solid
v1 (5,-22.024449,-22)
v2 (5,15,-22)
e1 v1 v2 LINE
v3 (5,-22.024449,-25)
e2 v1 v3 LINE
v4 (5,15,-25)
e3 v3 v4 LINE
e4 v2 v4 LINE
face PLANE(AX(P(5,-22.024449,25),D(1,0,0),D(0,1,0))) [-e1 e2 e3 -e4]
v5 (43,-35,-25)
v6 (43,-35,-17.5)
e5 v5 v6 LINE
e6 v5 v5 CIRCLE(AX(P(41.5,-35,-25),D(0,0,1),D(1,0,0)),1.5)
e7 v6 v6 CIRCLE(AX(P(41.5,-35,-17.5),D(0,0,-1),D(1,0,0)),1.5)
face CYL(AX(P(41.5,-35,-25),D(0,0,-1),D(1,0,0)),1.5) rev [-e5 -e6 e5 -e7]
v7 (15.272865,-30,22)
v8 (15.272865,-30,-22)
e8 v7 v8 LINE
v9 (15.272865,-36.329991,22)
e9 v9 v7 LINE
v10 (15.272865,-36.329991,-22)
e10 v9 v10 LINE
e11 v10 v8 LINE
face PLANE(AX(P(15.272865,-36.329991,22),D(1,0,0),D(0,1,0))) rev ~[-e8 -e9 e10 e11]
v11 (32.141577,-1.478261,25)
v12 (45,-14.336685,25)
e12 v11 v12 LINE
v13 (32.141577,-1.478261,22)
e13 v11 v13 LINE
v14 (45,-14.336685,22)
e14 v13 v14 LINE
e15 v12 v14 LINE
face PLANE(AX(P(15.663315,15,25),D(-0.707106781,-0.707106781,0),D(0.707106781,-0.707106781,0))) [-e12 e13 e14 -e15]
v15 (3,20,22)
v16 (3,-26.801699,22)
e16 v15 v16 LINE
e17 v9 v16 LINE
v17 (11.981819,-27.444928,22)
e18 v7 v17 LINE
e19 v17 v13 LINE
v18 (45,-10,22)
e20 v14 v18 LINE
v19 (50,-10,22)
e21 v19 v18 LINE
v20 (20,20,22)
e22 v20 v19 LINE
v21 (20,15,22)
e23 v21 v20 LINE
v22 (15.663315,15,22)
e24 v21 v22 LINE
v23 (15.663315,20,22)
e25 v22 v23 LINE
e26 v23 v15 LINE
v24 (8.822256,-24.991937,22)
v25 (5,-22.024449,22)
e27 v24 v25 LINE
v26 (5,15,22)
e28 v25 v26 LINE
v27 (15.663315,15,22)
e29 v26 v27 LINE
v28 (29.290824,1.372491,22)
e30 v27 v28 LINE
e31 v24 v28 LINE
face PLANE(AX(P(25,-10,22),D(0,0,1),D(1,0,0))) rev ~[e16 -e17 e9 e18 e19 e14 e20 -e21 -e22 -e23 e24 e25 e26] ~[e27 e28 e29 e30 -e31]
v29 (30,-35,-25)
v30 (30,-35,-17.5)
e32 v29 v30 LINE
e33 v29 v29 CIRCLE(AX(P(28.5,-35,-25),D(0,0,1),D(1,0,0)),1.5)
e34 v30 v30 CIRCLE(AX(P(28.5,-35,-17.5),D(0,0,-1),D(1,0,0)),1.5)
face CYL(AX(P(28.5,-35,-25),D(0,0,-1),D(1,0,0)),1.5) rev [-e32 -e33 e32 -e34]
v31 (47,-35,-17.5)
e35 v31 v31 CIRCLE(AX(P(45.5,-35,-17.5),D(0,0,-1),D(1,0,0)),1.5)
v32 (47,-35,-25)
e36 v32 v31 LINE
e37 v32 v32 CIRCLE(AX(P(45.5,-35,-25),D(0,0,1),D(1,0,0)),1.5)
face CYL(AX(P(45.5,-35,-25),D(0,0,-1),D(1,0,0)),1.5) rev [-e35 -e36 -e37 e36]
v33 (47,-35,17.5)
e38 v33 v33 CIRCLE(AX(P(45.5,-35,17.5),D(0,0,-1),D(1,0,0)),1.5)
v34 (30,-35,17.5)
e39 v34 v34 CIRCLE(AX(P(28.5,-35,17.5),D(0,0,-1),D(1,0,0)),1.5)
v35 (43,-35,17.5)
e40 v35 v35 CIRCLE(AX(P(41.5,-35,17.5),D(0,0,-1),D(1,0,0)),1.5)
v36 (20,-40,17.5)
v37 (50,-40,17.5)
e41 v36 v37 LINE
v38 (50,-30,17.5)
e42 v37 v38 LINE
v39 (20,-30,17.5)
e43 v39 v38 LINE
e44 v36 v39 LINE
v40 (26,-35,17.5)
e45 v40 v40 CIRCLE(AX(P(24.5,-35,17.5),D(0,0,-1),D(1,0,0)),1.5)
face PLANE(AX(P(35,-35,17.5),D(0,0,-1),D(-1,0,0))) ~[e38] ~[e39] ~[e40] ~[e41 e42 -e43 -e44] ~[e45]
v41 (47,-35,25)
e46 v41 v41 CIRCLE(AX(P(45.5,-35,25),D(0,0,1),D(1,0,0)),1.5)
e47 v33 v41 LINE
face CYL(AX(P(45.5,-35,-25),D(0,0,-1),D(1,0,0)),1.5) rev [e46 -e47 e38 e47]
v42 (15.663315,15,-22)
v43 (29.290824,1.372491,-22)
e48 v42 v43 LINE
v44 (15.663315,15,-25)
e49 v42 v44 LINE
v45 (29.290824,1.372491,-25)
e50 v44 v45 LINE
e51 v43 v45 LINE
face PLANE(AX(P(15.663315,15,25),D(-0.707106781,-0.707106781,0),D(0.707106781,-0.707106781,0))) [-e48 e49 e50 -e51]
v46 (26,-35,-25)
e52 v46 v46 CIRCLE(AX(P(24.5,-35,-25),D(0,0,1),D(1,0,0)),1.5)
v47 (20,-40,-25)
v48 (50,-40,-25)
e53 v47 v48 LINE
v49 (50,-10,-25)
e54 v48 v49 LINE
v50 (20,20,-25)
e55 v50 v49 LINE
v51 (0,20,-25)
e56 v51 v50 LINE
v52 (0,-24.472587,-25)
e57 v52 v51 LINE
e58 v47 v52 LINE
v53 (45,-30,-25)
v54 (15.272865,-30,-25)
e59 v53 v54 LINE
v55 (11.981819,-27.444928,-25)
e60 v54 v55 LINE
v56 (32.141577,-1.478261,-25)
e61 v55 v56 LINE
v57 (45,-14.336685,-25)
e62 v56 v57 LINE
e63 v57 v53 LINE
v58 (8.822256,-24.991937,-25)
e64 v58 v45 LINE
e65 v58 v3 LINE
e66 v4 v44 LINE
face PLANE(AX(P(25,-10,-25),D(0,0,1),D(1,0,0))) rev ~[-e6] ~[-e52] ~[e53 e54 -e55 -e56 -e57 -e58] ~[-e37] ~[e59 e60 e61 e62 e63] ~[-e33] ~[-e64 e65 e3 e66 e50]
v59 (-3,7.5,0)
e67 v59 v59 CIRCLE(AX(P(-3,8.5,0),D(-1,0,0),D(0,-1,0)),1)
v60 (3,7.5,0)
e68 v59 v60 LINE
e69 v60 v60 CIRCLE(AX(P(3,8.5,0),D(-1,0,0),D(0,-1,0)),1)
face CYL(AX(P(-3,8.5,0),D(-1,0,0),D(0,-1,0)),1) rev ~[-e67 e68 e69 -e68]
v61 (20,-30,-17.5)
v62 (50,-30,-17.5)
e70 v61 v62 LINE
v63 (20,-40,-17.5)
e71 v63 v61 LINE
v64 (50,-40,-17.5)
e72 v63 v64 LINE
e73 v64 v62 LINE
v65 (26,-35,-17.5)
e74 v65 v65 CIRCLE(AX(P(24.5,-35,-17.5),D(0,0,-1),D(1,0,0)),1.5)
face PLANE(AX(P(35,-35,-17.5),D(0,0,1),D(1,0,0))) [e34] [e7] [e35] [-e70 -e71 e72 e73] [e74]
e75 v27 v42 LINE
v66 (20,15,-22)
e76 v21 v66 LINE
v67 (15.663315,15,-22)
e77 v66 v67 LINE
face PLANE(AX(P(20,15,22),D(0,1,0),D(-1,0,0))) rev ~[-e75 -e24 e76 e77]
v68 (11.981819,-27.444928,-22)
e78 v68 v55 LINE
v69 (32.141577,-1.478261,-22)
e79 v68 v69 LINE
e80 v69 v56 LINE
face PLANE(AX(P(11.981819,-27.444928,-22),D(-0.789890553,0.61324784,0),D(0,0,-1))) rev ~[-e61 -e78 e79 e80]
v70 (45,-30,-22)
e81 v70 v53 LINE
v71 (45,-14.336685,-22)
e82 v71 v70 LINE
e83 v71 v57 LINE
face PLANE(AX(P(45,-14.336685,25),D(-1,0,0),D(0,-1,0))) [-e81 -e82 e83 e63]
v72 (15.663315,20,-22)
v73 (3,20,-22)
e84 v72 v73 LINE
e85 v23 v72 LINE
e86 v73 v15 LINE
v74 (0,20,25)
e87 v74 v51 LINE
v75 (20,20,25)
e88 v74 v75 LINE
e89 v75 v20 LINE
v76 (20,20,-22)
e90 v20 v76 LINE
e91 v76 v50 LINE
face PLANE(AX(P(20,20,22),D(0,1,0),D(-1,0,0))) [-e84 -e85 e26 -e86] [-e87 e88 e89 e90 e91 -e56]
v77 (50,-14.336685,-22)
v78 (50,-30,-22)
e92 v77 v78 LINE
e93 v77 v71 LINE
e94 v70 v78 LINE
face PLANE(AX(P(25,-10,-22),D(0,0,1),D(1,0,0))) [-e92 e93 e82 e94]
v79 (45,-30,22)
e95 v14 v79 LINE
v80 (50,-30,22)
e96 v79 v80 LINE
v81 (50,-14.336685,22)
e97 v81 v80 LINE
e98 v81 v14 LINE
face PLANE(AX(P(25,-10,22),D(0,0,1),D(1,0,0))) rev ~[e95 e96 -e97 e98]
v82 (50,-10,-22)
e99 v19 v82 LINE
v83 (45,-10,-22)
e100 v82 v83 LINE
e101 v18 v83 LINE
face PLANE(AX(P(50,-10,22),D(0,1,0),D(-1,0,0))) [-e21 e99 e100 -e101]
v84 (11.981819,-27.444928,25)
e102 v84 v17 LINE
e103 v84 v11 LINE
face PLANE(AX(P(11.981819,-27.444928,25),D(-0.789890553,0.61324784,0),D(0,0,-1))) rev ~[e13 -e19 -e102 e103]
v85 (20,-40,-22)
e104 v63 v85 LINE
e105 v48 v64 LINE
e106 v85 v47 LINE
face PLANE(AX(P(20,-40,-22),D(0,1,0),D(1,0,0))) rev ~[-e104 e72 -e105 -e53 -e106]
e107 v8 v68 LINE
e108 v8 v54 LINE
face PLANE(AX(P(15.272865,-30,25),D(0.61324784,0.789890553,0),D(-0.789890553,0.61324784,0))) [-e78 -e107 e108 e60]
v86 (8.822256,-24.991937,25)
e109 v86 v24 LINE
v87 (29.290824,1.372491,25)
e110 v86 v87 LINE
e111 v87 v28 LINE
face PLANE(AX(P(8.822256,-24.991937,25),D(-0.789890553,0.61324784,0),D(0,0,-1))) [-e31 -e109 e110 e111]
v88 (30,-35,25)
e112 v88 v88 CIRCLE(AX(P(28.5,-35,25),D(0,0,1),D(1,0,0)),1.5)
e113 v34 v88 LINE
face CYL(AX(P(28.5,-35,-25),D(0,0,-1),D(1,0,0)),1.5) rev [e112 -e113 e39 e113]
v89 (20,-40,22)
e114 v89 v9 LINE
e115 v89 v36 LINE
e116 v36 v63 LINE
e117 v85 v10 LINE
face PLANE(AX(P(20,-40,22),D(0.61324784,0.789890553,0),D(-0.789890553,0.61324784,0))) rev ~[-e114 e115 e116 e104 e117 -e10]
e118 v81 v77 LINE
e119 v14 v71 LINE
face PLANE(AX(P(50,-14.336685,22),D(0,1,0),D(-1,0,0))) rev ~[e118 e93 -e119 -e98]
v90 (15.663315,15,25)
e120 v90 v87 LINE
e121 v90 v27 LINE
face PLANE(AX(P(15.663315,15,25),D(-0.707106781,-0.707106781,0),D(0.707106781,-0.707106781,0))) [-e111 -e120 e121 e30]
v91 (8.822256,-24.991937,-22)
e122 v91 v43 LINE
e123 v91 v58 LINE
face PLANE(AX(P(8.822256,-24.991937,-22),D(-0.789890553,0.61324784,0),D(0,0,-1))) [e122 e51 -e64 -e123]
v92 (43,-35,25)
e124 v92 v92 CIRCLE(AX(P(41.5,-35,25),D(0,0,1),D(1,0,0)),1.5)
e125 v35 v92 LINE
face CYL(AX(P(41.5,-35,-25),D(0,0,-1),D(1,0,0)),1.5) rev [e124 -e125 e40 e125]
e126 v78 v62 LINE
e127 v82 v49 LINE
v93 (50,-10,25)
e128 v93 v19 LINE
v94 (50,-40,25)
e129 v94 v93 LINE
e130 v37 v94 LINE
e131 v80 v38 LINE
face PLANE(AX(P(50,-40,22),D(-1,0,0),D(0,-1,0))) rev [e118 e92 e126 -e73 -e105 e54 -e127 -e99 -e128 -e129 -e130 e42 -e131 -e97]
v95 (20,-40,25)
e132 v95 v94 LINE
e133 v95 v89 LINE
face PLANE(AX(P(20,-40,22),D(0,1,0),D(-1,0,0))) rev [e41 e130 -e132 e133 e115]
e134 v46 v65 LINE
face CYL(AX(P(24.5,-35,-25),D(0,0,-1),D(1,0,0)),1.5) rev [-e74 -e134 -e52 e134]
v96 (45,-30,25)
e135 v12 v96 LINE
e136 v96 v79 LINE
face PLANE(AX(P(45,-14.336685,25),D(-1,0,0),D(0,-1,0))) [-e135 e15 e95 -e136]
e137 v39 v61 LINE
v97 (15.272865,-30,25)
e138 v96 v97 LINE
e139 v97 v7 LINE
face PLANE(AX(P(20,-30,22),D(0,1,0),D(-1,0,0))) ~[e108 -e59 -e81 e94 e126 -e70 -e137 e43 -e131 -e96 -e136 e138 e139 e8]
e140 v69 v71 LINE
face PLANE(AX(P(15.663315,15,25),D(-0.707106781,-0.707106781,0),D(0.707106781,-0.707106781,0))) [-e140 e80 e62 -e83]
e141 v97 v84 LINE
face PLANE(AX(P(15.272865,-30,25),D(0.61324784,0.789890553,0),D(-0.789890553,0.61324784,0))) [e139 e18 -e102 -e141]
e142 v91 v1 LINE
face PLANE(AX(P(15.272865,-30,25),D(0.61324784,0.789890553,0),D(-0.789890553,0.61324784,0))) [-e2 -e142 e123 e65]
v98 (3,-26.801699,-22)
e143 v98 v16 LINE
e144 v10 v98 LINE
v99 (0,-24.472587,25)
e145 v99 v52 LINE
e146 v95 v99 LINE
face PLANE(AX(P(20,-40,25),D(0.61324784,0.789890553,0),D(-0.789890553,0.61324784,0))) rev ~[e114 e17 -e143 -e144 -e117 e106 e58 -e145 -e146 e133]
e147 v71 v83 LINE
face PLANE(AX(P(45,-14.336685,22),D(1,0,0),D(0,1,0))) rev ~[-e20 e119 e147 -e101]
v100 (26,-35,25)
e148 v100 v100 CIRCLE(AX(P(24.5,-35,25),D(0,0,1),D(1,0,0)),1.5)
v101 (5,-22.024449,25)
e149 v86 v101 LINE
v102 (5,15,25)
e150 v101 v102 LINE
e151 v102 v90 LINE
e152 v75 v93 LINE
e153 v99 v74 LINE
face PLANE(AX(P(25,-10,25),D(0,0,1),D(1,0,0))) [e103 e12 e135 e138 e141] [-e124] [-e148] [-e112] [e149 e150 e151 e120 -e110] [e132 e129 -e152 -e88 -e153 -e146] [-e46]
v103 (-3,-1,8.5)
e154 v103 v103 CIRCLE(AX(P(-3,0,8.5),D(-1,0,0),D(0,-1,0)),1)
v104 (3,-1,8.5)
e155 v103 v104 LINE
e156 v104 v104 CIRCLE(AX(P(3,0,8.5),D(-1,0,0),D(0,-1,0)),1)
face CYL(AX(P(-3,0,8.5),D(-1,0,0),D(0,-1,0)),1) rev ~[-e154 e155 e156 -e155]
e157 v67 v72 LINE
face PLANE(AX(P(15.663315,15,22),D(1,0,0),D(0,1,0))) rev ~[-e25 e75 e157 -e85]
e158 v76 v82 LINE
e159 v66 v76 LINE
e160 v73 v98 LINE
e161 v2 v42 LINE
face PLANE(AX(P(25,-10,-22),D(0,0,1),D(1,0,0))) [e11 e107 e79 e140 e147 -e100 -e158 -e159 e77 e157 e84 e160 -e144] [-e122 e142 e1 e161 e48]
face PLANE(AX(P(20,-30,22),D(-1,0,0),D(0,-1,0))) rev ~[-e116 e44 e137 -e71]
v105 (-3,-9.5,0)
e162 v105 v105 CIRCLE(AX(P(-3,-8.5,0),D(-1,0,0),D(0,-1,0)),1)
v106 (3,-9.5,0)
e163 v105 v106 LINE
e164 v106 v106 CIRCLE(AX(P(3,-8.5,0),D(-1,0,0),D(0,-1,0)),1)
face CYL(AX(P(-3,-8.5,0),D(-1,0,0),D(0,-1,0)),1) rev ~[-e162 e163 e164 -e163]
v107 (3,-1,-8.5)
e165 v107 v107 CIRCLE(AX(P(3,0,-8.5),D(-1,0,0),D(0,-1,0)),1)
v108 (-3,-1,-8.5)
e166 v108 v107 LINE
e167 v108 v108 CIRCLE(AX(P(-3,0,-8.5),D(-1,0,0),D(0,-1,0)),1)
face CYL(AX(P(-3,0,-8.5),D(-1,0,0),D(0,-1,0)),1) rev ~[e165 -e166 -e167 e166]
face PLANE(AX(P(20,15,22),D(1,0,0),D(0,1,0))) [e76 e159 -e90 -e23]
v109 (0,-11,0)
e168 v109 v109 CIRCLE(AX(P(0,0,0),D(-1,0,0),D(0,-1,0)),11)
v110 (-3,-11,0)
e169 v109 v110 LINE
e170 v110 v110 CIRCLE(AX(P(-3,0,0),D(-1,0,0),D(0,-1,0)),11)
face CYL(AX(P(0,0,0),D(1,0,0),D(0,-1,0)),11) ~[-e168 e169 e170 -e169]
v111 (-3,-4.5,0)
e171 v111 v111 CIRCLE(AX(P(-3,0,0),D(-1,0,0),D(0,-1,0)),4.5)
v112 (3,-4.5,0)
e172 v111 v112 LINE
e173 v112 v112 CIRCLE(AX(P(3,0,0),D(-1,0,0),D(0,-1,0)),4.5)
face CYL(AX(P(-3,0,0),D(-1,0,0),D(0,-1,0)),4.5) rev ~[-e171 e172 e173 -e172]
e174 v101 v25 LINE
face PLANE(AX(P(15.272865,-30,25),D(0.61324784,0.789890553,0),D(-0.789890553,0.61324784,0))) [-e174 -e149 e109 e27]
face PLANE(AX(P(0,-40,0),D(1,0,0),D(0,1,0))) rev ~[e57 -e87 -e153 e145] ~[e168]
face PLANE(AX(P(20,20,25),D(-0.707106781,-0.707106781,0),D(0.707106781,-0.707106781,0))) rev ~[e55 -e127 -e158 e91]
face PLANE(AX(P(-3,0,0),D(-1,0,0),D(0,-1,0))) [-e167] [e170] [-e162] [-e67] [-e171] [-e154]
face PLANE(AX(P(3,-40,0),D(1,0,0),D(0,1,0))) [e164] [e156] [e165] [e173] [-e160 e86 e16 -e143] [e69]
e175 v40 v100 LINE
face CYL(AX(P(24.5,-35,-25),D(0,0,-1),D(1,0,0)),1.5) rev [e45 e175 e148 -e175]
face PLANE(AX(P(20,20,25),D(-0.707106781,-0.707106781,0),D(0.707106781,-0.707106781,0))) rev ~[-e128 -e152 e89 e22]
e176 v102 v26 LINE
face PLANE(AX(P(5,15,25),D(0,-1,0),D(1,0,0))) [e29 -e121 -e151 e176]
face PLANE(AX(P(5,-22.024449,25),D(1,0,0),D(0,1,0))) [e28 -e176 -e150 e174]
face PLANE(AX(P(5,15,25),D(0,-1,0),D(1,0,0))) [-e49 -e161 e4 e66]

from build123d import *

# Parameters (mm, degrees)
SKETCH2_W           = 50
SKETCH2_H           = 60
BOSS_EXTRUDE1_DEPTH = 25
SHELL1_T            = -3
SKETCH3_R           = 11
BOSS_EXTRUDE2_DEPTH = 3
SKETCH4_R           = 4.5
SKETCH4_R_2         = 1
CUT_EXTRUDE1_DEPTH  = 6
CUT_EXTRUDE2_REACH  = 83.24
CUT_EXTRUDE4_REACH  = 83.24
SKETCH7_W           = 4.336684694
SKETCH7_H           = 5
SKETCH7_W_2         = 5
SKETCH7_H_2         = 4.336684694
BOSS_EXTRUDE3_DEPTH = 44
BOSS_EXTRUDE4_REACH = 73.148
SKETCH8_W           = 4
SKETCH8_H           = 3
SKETCH10_W          = 30
SKETCH10_H          = 10
BOSS_EXTRUDE5_DEPTH = 4.5
CUT_EXTRUDE5_START  = -50
SKETCH9_R           = 1.5
CUT_EXTRUDE5_DEPTH  = 50


with BuildPart() as part:
    # Sketch2 → Boss-Extrude1 (new, symmetric)
    with BuildSketch(Plane.XY):
        with Locations((25, -10)):
            Rectangle(SKETCH2_W, SKETCH2_H)
    extrude(amount=BOSS_EXTRUDE1_DEPTH, both=True)

    # Shell1
    shell1_openings = [part.faces().sort_by_distance(p)[0] for p in [
        (25, 20, 0),
        (50, -10, 0),
        (25, -40, 0),
    ]]
    offset(amount=SHELL1_T, openings=shell1_openings, kind=Kind.INTERSECTION)

    # Sketch3 → Boss-Extrude2 (add)
    with BuildSketch(Plane.ZY):
        with Locations(Location((0, 0, 0), (0, 0, 270))):
            Circle(SKETCH3_R)
    extrude(amount=BOSS_EXTRUDE2_DEPTH)

    # Sketch4 → Cut-Extrude1 (cut)
    with BuildSketch(Plane.ZY.offset(3)):
        with Locations(Location((0, 0, 0), (0, 0, 270))):
            Circle(SKETCH4_R)
        with Locations(Location((-8.5, 0, 0), (0, 0, 270))):
            Circle(SKETCH4_R_2)
        with Locations(Location((0, 8.5, 0), (0, 0, 270))):
            Circle(SKETCH4_R_2)
        with Locations(Location((8.5, 0, 0), (0, 0, 270))):
            Circle(SKETCH4_R_2)
        with Locations(Location((0, -8.5, 0), (0, 0, 270))):
            Circle(SKETCH4_R_2)
    extrude(amount=-CUT_EXTRUDE1_DEPTH, mode=Mode.SUBTRACT)

    # Cut-Extrude2: up to this face of the body (flat: up to its plane)
    cut_extrude2_end = Plane(part.part.faces().sort_by_distance((25, -10, -25))[0])
    # Sketch5 → Cut-Extrude2 (cut, up to the picked face)
    with BuildSketch(Plane.XY.offset(25), mode=Mode.PRIVATE) as cut_extrude2_sk1:
        Polygon((0, -24.472587055), (0, -40), (20, -40), align=None)
    cut_extrude2_tool1 = split(extrude(cut_extrude2_sk1.sketch, amount=-CUT_EXTRUDE2_REACH, mode=Mode.PRIVATE), bisect_by=cut_extrude2_end, keep=Keep.BOTH, mode=Mode.PRIVATE)
    # Sketch5 → Cut-Extrude2 (cut, up to the picked face)
    with BuildSketch(Plane.XY.offset(25), mode=Mode.PRIVATE) as cut_extrude2_sk2:
        Polygon((20, 20), (50, -10), (50, 20), align=None)
    cut_extrude2_tool2 = split(extrude(cut_extrude2_sk2.sketch, amount=-CUT_EXTRUDE2_REACH, mode=Mode.PRIVATE), bisect_by=cut_extrude2_end, keep=Keep.BOTH, mode=Mode.PRIVATE)
    add(cut_extrude2_tool1.solids().sort_by(Axis((6.666667, -34.824196, 25), (0, 0, -1)))[0], mode=Mode.SUBTRACT)
    add(cut_extrude2_tool2.solids().sort_by(Axis((40, 10, 25), (0, 0, -1)))[0], mode=Mode.SUBTRACT)

    # Cut-Extrude4: up to this face of the body (flat: up to its plane)
    cut_extrude4_end = Plane(part.part.faces().sort_by_distance((23.370039897, -12.148657051, -25))[0])
    # Sketch6 → Cut-Extrude4 (cut, up to the picked face)
    with BuildSketch(Plane.XY.offset(25), mode=Mode.PRIVATE) as cut_extrude4_sk1:
        Polygon((5, 15), (15.663315306, 15), (45, -14.336684694), (45, -30), (15.272864665, -30), (5, -22.024449411), align=None)
    cut_extrude4_tool1 = split(extrude(cut_extrude4_sk1.sketch, amount=-CUT_EXTRUDE4_REACH, mode=Mode.PRIVATE), bisect_by=cut_extrude4_end, keep=Keep.BOTH, mode=Mode.PRIVATE)
    add(cut_extrude4_tool1.solids().sort_by(Axis((22.200817, -11.008152, 25), (0, 0, -1)))[0], mode=Mode.SUBTRACT)

    # Sketch7 → Boss-Extrude3 (add)
    with BuildSketch(Plane(origin=(0, 0, 22), x_dir=(-1, 0, 0), z_dir=(0, 0, -1))):
        with Locations((-17.831657653, 17.5)):
            Rectangle(SKETCH7_W, SKETCH7_H)
        with Locations((-47.5, -12.168342347)):
            Rectangle(SKETCH7_W_2, SKETCH7_H_2)
        Polygon((-15.272864665, -30), (-20, -30), (-20, -40), (-15.272864665, -36.32999088), align=None)
    extrude(amount=BOSS_EXTRUDE3_DEPTH)

    # Boss-Extrude4: up to this plane
    boss_extrude4_end = Plane(origin=(15.663315306, 15, -85.207972894), z_dir=(0.7071067811865476, 0.7071067811865476, 0))
    # Sketch8 → Boss-Extrude4 (add, up to the surface)
    with BuildSketch(Plane(origin=(-8.788249565, -11.319657172, 0), x_dir=(0.789890553461427, -0.6132478402345992, 0), z_dir=(0.6132478402345992, 0.789890553461427, 0)), mode=Mode.PRIVATE) as boss_extrude4_sk1:
        with Locations((24.294868458, 23.5)):
            Rectangle(SKETCH8_W, SKETCH8_H)
    boss_extrude4_tool1 = split(extrude(boss_extrude4_sk1.sketch, amount=BOSS_EXTRUDE4_REACH, mode=Mode.PRIVATE), bisect_by=boss_extrude4_end, keep=Keep.BOTH, mode=Mode.PRIVATE)
    add(boss_extrude4_tool1.solids().sort_by_distance((10.402038, -26.218433, -23.5))[0])
    # Sketch8 → Boss-Extrude4 (add, up to the surface)
    with BuildSketch(Plane(origin=(-8.788249565, -11.319657172, 0), x_dir=(0.789890553461427, -0.6132478402345992, 0), z_dir=(0.6132478402345992, 0.789890553461427, 0)), mode=Mode.PRIVATE) as boss_extrude4_sk2:
        with Locations((24.294868458, -23.5)):
            Rectangle(SKETCH8_W, SKETCH8_H)
    boss_extrude4_tool2 = split(extrude(boss_extrude4_sk2.sketch, amount=BOSS_EXTRUDE4_REACH, mode=Mode.PRIVATE), bisect_by=boss_extrude4_end, keep=Keep.BOTH, mode=Mode.PRIVATE)
    add(boss_extrude4_tool2.solids().sort_by_distance((10.402038, -26.218433, 23.5))[0])

    # Sketch10 → Boss-Extrude5 (add)
    with BuildSketch(Plane.XY.offset(-22)):
        with Locations((35, -35)):
            Rectangle(SKETCH10_W, SKETCH10_H)
    boss_extrude5 = extrude(amount=BOSS_EXTRUDE5_DEPTH)

    # Mirror1: Boss-Extrude5 across plane
    add(boss_extrude5.mirror(Plane.XY))

    # Sketch9 → Cut-Extrude5 (cut)
    with BuildSketch(Plane.XY.offset(25).offset(CUT_EXTRUDE5_START)):
        with Locations((24.5, -35)):
            Circle(SKETCH9_R)
        with Locations((28.5, -35)):
            Circle(SKETCH9_R)
        with Locations((41.5, -35)):
            Circle(SKETCH9_R)
        with Locations((45.5, -35)):
            Circle(SKETCH9_R)
    extrude(amount=CUT_EXTRUDE5_DEPTH, mode=Mode.SUBTRACT)


solid = part.part
